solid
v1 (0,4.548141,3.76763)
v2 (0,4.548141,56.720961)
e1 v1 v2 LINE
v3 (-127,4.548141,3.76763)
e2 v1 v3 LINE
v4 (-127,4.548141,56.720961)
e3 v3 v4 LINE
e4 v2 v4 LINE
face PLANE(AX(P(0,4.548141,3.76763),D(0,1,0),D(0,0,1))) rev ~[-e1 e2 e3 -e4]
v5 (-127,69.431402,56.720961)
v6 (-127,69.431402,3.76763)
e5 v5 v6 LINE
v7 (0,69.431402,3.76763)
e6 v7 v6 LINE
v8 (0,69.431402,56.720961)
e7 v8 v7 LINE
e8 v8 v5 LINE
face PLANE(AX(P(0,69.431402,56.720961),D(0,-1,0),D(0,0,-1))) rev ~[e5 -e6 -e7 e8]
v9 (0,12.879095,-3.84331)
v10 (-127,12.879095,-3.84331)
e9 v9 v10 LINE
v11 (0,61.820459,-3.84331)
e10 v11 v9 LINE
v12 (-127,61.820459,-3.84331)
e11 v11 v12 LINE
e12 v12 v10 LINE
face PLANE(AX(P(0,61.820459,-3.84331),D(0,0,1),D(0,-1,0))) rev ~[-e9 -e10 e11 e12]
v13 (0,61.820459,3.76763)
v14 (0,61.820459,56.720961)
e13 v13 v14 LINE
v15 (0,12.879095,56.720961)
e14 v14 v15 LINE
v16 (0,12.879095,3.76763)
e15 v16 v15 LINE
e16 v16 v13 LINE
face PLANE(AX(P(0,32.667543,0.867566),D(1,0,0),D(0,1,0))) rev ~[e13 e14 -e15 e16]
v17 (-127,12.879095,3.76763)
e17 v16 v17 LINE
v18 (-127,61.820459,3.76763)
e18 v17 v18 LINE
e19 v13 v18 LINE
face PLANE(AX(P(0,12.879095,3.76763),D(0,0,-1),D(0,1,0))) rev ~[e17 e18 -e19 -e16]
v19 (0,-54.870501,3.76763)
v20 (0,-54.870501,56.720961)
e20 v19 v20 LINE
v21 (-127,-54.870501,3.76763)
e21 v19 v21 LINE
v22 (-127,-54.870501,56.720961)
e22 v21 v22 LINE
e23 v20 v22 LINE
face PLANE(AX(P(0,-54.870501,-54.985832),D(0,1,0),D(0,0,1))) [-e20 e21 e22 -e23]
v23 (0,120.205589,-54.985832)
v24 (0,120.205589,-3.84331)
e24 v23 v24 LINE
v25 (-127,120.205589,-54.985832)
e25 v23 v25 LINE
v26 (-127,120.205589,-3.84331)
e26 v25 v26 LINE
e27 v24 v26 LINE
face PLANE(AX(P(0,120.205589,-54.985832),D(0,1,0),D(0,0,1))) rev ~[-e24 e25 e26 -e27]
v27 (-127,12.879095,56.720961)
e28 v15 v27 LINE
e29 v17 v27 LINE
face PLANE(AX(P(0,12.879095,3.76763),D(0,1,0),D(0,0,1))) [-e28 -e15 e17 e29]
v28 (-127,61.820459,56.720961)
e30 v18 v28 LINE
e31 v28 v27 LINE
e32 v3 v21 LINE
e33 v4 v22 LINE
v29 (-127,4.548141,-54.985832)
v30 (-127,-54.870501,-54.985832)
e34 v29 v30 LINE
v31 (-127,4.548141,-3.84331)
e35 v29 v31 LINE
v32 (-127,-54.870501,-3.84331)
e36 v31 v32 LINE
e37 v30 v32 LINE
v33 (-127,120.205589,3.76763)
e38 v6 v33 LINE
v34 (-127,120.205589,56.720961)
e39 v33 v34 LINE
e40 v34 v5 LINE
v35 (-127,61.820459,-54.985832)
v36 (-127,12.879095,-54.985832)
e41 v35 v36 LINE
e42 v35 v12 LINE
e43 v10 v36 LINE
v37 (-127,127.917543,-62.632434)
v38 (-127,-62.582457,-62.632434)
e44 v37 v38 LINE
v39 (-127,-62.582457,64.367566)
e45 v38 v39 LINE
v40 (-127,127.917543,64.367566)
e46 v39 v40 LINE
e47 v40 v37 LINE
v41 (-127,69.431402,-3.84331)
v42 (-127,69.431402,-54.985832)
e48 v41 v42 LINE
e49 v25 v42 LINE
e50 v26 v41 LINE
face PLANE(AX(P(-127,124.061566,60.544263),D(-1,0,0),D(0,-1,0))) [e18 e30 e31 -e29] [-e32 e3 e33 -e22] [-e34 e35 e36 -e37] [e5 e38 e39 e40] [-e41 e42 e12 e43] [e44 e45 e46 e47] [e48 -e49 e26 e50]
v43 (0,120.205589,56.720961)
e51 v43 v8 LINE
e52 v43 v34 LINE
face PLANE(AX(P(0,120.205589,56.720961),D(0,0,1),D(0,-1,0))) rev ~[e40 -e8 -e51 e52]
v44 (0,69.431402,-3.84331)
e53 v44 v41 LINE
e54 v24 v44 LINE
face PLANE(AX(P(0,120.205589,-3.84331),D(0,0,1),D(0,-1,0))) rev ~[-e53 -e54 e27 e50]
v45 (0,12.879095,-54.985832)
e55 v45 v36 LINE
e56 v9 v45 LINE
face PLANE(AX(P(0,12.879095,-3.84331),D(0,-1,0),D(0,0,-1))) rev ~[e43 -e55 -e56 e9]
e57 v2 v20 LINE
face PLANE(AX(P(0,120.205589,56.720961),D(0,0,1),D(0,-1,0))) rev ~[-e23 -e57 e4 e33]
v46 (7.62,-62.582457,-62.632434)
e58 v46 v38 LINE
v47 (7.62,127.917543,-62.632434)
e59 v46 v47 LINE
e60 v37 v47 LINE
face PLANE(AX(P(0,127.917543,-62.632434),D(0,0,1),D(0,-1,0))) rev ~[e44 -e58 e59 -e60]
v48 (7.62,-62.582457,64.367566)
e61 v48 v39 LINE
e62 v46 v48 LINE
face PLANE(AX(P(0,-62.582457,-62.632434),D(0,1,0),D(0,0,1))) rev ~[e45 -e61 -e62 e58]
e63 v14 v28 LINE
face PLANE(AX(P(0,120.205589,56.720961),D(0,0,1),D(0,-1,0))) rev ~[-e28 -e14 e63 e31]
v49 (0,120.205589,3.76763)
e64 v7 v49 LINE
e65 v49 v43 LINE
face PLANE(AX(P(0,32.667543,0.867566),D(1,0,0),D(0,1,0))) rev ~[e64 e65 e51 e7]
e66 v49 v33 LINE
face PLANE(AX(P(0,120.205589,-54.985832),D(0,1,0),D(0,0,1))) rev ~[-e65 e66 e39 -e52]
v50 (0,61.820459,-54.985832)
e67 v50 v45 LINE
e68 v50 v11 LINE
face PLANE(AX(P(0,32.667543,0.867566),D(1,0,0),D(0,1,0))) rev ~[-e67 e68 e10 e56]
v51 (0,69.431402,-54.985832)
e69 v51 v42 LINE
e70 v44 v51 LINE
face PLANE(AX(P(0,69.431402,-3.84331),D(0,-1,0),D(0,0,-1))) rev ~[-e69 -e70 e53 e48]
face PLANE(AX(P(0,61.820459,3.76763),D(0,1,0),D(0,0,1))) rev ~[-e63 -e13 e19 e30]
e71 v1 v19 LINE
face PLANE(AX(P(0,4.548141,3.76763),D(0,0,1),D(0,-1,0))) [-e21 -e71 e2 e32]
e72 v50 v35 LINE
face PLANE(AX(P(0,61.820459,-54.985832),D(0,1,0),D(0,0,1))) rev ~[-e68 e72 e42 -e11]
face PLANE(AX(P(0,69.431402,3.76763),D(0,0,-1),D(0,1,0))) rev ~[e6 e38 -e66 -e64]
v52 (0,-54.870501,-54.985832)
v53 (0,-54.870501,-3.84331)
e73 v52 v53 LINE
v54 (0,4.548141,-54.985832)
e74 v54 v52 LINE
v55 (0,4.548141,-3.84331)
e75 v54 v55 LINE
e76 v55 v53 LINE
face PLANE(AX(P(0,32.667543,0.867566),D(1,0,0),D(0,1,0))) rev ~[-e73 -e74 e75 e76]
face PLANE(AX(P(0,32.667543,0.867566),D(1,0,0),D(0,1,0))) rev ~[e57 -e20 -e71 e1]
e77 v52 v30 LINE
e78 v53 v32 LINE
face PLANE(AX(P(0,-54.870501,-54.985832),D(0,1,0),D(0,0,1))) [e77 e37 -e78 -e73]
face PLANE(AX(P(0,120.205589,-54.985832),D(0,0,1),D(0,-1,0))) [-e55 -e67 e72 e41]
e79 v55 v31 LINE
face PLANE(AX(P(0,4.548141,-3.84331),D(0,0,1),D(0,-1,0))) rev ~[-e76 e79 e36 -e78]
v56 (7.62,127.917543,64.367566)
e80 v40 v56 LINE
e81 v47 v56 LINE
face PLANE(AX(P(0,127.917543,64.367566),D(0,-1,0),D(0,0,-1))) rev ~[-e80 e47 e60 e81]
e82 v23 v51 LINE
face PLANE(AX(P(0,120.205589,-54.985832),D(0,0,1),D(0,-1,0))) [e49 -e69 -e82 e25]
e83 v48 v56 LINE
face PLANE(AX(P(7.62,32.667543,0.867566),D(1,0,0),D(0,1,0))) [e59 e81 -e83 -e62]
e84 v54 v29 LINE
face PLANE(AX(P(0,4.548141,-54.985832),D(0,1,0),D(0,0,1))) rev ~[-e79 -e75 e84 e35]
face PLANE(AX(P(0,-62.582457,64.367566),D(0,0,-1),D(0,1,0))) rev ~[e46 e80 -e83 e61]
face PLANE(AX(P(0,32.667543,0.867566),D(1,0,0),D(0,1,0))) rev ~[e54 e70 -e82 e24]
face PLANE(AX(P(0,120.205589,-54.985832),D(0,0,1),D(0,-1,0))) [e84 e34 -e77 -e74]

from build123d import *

# Parameters (mm, degrees)
F0_W     = 190.5
F0_H     = 127
F1_DEPTH = 7.62
F2_W     = 7.7119544148
F2_H     = 7.6466050446
F2_W_2   = 175.0760897994
F2_H_2   = 111.7067933083
F2_W_3   = 7.7119557858
F2_H_3   = 7.6466016471
F3_DEPTH = 127
F4_W     = 7.6109431684
F4_H     = 52.9533312656
F4_H_2   = 7.6109394431
F4_W_2   = 48.9413635805
F4_W_3   = 8.3309542388
F4_W_4   = 59.4186419621
F5_DEPTH = 127


with BuildPart() as f1:
    # F0 (on Right) → F1 (new body)
    with BuildSketch(Plane.YZ):
        with Locations((32.6675430536, 0.8675659299)):
            Rectangle(F0_W, F0_H)
    extrude(amount=F1_DEPTH)

    # F2 (on face) → F3 (join)
    with BuildSketch(Plane(origin=(0, 0, 0), x_dir=(0, -1, 0), z_dir=(-1, 0, 0))):
        with Locations((-124.0615658462, 60.5442634076)):
            Rectangle(F2_W, F2_H)
        with Locations((-32.6675437391, 60.5442634076)):
            Rectangle(F2_W_2, F2_H)
        with Locations((-124.0615658462, 0.8675642312)):
            Rectangle(F2_W, F2_H_2)
        with Locations((58.7264790535, 60.5442634076)):
            Rectangle(F2_W_3, F2_H)
        with Locations((-124.0615658462, -58.8091332465)):
            Rectangle(F2_W, F2_H_3)
        with Locations((58.7264790535, 0.8675642312)):
            Rectangle(F2_W_3, F2_H_2)
        with Locations((-32.6675437391, -58.8091332465)):
            Rectangle(F2_W_2, F2_H_3)
        with Locations((58.7264790535, -58.8091332465)):
            Rectangle(F2_W_3, F2_H_3)
    extrude(amount=F3_DEPTH)

    # F4 (on face) → F5 (join)
    with BuildSketch(Plane(origin=(0, 0, 0), x_dir=(0, -1, 0), z_dir=(-1, 0, 0))):
        with Locations((-65.625930205, 30.2442952525)):
            Rectangle(F4_W, F4_H)
        with Locations((-65.625930205, -0.0378401019)):
            Rectangle(F4_W, F4_H_2)
        Polygon((-69.4314017892, -3.8433098234), (-69.4314017892, 3.7676296197), (-110.6796637177, 3.7676296197), (-120.2055886388, 3.7676296197), (-120.2055886388, 0), (-120.2055886388, -3.8433098234), align=None)
        Polygon((-61.8204586208, -3.8433098234), (-69.4314017892, -3.8433098234), (-69.4314017892, -24.8306896538), (-69.4314017892, -54.985832423), (-61.8204586208, -54.985832423), align=None)
        with Locations((-37.3497768305, -0.0378401019)):
            Rectangle(F4_W_2, F4_H_2)
        with Locations((-8.7136179209, -0.0378401019)):
            Rectangle(F4_W_3, F4_H_2)
        with Locations((-8.7136179209, 30.2442952525)):
            Rectangle(F4_W_3, F4_H)
        Polygon((-4.5481408015, -3.8433098234), (-12.8790950403, -3.8433098234), (-12.8790950403, -54.985832423), (-4.5481408015, -54.985832423), (-4.5481408015, -8.6574442685), align=None)
        with Locations((25.1611801796, -0.0378401019)):
            Rectangle(F4_W_4, F4_H_2)
    extrude(amount=F5_DEPTH)


solid = f1.part
